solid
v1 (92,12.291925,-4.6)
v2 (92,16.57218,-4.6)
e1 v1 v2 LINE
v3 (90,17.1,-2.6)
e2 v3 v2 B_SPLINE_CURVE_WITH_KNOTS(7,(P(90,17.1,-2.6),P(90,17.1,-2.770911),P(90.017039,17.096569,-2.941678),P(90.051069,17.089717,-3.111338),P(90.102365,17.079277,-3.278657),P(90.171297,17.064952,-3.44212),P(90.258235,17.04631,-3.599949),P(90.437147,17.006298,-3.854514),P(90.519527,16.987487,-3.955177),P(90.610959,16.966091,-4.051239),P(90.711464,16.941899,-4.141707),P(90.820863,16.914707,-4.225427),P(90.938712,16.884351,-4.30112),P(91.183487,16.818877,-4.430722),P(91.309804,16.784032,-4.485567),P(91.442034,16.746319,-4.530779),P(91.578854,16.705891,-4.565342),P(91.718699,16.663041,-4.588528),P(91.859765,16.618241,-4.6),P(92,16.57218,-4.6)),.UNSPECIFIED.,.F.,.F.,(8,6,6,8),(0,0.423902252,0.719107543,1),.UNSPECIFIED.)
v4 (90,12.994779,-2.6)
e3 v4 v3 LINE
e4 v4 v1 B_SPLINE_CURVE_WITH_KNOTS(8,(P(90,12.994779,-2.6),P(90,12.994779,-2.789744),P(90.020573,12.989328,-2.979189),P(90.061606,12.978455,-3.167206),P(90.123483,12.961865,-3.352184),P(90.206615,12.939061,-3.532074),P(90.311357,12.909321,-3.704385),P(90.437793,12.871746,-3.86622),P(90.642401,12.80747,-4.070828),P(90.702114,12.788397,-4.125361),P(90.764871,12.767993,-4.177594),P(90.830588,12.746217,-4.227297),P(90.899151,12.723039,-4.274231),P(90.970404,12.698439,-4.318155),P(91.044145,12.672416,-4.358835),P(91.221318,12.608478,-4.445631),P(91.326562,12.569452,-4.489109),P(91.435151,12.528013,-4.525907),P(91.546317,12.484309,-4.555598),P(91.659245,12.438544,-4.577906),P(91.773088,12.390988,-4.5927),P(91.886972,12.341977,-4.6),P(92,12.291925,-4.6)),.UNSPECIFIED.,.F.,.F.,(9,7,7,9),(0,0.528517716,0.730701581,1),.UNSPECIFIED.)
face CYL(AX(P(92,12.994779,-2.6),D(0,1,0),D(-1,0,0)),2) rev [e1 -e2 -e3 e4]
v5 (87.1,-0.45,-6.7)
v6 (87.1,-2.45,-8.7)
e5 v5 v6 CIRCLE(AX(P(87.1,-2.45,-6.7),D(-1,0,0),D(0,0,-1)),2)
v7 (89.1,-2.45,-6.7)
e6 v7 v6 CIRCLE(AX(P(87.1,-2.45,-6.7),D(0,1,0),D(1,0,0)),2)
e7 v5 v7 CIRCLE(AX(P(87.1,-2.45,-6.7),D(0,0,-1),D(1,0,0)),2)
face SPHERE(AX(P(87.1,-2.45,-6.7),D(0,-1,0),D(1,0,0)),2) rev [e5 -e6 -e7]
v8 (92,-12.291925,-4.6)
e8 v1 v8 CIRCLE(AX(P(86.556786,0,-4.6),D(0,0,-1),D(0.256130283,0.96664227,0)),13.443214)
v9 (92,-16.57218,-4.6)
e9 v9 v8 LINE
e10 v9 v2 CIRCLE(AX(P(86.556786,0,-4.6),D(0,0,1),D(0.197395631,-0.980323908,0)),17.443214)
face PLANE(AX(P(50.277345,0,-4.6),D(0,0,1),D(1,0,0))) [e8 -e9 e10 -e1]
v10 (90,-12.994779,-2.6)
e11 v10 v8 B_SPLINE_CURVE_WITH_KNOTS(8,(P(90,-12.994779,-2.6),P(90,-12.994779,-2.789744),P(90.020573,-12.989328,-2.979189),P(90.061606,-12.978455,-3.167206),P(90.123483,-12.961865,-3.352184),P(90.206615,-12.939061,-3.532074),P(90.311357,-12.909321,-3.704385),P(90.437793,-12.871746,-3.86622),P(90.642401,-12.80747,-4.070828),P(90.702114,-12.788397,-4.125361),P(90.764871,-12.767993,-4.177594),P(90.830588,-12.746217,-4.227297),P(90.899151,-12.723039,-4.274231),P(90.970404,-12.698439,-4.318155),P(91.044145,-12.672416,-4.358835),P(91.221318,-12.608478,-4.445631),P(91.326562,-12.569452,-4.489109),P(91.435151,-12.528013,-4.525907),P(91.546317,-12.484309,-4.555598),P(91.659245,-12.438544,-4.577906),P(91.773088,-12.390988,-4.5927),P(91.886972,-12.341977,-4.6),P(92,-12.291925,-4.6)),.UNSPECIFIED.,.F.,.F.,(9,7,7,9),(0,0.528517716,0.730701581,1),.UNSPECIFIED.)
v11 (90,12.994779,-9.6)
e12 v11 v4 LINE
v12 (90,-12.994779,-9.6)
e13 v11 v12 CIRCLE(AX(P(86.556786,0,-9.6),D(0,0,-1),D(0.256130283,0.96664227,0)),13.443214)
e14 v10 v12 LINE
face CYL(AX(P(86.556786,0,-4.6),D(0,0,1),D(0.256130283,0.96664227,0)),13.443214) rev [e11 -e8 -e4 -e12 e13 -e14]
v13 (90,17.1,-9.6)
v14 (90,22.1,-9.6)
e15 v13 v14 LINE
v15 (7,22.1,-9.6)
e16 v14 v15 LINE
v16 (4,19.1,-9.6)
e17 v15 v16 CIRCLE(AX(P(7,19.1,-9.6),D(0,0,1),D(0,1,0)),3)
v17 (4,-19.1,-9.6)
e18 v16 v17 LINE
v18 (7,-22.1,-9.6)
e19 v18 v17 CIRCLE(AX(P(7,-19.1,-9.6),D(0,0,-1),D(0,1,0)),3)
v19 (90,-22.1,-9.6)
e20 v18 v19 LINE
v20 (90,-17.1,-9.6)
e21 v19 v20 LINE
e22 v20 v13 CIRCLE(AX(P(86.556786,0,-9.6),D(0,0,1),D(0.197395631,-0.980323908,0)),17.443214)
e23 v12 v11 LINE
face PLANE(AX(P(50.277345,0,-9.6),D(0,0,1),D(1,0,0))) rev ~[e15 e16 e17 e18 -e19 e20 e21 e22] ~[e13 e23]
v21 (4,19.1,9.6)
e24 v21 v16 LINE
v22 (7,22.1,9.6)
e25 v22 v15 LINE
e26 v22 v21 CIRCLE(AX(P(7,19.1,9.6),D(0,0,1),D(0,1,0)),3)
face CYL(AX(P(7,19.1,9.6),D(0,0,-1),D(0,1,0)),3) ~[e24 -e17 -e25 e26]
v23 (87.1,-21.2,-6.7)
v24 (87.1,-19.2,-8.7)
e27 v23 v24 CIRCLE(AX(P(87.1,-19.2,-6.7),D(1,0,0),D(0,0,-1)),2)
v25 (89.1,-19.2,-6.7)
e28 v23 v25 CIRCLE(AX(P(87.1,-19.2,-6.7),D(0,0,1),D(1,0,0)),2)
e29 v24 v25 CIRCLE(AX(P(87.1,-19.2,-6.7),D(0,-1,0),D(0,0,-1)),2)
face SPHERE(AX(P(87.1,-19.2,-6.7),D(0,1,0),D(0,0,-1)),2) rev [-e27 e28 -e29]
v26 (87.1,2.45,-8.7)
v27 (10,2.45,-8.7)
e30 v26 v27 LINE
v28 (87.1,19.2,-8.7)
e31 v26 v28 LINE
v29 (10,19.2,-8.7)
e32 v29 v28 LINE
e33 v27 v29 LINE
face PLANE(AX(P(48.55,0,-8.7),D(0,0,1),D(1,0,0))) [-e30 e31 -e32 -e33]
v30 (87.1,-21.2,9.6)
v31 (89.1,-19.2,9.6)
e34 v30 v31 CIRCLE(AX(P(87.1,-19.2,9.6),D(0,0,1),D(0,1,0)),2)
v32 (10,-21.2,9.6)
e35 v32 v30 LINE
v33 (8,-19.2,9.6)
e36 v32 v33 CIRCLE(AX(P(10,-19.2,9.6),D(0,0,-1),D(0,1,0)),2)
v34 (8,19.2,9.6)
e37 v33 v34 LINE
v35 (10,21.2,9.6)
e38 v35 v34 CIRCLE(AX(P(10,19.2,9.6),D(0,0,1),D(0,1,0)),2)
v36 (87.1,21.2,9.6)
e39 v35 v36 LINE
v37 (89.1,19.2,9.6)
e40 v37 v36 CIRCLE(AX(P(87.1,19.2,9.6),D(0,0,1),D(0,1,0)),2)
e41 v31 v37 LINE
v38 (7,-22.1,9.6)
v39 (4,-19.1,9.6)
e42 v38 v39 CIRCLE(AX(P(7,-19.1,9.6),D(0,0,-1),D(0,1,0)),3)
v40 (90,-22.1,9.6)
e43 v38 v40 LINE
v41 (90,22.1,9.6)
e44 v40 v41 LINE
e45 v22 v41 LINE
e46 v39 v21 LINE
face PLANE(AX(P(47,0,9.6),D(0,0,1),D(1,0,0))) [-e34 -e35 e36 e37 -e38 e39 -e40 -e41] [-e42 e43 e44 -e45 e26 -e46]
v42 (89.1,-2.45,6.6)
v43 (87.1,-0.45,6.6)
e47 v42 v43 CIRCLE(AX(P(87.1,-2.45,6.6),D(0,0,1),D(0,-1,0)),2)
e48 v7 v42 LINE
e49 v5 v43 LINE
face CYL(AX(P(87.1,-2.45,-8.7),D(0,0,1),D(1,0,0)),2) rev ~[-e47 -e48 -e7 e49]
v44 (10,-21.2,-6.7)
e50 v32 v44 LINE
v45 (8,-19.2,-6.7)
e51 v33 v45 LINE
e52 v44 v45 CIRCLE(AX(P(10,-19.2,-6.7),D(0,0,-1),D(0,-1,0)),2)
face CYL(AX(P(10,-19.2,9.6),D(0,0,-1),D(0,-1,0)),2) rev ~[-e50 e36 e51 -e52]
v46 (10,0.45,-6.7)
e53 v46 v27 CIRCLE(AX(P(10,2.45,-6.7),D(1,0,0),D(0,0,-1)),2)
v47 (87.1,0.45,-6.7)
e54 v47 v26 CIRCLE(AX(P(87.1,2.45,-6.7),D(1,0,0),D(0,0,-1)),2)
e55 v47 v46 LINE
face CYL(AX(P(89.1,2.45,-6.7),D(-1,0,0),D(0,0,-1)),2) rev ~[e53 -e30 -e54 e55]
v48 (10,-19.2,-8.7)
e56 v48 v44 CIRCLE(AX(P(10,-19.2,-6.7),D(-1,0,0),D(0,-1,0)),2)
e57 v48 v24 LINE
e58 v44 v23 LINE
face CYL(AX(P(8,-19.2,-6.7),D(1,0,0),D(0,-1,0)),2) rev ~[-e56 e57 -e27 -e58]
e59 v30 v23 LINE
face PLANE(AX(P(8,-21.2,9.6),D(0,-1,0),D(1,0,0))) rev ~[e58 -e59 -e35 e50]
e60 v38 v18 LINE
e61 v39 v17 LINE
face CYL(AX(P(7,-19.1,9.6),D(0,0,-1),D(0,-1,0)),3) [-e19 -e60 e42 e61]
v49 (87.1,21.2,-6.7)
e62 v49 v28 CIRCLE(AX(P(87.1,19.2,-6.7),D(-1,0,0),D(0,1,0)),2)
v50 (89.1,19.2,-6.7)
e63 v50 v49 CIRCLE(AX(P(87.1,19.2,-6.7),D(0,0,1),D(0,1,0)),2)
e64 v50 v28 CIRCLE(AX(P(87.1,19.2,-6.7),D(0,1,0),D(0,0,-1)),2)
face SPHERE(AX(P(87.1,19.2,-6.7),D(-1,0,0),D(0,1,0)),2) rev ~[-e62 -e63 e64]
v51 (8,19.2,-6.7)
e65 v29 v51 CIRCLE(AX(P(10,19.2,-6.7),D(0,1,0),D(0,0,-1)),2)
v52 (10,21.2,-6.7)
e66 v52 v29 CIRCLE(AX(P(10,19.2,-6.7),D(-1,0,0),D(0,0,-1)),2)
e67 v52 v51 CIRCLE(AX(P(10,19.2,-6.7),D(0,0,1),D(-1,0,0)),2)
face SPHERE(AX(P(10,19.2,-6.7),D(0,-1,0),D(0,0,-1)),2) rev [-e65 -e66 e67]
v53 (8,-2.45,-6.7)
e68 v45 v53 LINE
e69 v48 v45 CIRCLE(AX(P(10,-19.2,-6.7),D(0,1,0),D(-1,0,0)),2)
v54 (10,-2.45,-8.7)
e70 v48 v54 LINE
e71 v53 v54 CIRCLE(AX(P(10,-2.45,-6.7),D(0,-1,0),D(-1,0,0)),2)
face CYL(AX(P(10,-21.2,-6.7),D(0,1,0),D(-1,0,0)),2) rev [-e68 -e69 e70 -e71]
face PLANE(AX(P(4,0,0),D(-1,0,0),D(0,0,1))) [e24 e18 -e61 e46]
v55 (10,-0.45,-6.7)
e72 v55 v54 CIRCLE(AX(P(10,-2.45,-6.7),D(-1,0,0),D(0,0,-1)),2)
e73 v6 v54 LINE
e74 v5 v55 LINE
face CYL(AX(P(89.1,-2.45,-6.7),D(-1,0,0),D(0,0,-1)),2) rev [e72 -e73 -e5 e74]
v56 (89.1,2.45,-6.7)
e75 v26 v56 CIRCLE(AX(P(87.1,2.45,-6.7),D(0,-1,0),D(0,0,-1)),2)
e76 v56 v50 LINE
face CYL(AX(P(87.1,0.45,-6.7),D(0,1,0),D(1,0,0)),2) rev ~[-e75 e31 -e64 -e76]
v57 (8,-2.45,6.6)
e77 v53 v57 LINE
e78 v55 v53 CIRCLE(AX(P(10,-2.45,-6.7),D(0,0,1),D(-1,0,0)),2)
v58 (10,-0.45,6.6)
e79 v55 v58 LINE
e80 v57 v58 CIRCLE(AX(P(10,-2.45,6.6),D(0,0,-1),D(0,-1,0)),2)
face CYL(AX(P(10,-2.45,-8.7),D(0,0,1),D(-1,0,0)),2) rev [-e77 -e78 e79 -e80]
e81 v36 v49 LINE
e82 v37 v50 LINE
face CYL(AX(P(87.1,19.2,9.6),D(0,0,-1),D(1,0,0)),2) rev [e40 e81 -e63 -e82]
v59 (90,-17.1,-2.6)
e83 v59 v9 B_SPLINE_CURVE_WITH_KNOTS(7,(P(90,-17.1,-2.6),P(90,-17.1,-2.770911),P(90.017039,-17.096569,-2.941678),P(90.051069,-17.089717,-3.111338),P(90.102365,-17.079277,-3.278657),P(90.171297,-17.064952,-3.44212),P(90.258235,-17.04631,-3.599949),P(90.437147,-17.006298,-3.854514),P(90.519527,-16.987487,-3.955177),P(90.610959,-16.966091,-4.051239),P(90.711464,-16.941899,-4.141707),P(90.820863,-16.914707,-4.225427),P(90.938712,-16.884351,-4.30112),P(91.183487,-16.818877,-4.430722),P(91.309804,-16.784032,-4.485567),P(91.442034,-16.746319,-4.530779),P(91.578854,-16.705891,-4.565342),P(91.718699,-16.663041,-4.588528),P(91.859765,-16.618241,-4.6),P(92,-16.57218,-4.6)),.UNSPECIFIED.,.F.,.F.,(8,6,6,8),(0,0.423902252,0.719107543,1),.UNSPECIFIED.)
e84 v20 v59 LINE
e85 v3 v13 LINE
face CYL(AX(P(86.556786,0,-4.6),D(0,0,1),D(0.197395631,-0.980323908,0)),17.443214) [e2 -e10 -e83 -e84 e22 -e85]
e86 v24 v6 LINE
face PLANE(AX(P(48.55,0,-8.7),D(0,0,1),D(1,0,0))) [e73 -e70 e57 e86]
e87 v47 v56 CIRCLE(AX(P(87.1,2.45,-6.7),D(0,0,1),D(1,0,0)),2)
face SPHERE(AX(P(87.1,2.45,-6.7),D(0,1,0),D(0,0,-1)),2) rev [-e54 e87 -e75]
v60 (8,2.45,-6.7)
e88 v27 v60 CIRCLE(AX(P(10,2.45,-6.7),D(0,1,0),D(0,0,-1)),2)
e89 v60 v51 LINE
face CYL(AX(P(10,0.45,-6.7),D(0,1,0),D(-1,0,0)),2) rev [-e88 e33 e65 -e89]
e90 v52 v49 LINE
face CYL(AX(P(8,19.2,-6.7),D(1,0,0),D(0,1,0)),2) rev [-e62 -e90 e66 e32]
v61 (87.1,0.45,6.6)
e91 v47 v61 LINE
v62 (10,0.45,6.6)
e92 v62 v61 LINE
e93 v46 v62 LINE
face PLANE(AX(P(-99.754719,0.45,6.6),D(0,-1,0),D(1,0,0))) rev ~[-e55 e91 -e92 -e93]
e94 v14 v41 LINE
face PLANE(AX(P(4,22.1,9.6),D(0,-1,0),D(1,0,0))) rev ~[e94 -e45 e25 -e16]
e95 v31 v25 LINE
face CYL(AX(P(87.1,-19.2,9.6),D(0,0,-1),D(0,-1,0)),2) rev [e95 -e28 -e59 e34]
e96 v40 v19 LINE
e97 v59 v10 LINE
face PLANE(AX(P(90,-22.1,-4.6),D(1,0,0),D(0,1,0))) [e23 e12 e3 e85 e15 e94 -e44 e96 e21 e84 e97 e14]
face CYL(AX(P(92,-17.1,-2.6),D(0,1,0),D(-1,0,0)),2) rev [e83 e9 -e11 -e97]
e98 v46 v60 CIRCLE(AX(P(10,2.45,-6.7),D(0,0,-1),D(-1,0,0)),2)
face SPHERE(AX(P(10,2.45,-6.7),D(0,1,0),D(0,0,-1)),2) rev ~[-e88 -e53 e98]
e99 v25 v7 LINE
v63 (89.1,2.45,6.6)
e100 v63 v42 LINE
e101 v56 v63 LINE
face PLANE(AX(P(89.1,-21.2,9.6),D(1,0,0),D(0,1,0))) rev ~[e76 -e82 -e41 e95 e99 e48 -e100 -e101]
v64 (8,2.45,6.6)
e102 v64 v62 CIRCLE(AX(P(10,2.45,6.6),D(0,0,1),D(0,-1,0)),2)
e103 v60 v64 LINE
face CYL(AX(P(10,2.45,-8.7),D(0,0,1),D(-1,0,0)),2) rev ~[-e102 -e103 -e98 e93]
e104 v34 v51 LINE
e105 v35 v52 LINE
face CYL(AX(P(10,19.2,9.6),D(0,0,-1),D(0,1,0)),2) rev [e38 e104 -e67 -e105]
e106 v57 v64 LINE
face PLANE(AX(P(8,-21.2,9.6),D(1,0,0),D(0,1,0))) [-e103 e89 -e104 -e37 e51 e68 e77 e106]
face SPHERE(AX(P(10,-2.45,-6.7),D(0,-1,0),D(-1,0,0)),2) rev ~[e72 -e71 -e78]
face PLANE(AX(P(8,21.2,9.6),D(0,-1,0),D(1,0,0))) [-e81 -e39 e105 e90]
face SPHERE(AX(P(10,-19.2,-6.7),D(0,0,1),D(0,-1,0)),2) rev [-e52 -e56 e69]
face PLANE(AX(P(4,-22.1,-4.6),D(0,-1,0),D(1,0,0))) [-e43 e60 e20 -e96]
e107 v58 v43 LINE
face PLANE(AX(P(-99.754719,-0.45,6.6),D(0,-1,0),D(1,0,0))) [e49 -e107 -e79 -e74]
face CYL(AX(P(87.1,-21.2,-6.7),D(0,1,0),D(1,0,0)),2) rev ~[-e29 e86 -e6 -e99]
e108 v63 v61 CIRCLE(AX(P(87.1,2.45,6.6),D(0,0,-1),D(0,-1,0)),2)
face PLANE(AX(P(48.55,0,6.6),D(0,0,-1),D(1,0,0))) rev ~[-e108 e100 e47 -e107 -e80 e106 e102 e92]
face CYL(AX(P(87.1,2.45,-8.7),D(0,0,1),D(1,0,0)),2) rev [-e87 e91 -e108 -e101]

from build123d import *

# Parameters (mm, degrees)
SKETCH_1_W                  = 86
SKETCH_1_H                  = 44.2
EXTRUDE_1_DEPTH             = 14.2
EXTRUDE_2_DEPTH             = 5
SKETCH_3_W                  = 81.1
SKETCH_3_H                  = 42.4
CUT_EXTRUDE_1_DEPTH         = 18.3
HOLE_WIZARD_8_3_8_3_1_D     = 8.3
HOLE_WIZARD_8_3_8_3_1_DEPTH = 3.2
RIB_1_REACH                 = 108.755
SKETCH_6_WALL_W             = 296.60943773
SKETCH_6_WALL_H             = 0.9
FILLET_1_R                  = 3
EXTRUDE_START               = -3.5
SKETCH_7_R                  = 4.15
EXTRUDE_3_DEPTH             = 3.5
FILLET_2_R                  = 2


with BuildPart() as part:
    # Эскиз1 → Бобышка-Вытянуть1 (new body)
    with BuildSketch(Plane.XY.offset(9.6)):
        with Locations((47, 0)):
            Rectangle(SKETCH_1_W, SKETCH_1_H)
    extrude(amount=-EXTRUDE_1_DEPTH)

    # Эскиз2 → Бобышка-Вытянуть2 (add)
    with BuildSketch(Plane(origin=(0, 0, -4.6), x_dir=(-1, 0, 0), z_dir=(0, 0, -1))):
        with BuildLine():
            Line((-90, -22.1), (-90, -17.1))
            ThreePointArc((-90, -17.1), (-104, 0), (-90, 17.1))
            Line((-90, 17.1), (-90, 22.1))
            Line((-90, 22.1), (-4, 22.1))
            Line((-4, 22.1), (-4, -22.1))
            Line((-4, -22.1), (-90, -22.1))
        make_face()
        with BuildLine():
            Line((-90, -12.994779171), (-90, 12.994779171))
            ThreePointArc((-90, 12.994779171), (-100, 0), (-90, -12.994779171))
        make_face(mode=Mode.SUBTRACT)
    extrude(amount=EXTRUDE_2_DEPTH)

    # Эскиз3 → Вырез-Вытянуть1 (cut)
    with BuildSketch(Plane.XY.offset(9.6)):
        with Locations((48.55, 0)):
            Rectangle(SKETCH_3_W, SKETCH_3_H)
    extrude(amount=-CUT_EXTRUDE_1_DEPTH, mode=Mode.SUBTRACT)

    # Диаметр отверстия Ø8.3 (8.3)1
    with Locations(Plane.ZY.offset(-4)):
        with Locations((0, 0)):
            Hole(HOLE_WIZARD_8_3_8_3_1_D / 2, depth=HOLE_WIZARD_8_3_8_3_1_DEPTH)

    # Эскиз6 wall → Ребро1 (add, up to next)
    with BuildSketch(Plane(origin=(48.55, 0, 6.6), x_dir=(1, 0, 0), z_dir=(0, 0, -1)), mode=Mode.PRIVATE) as rib_1_sk1:
        Rectangle(SKETCH_6_WALL_W, SKETCH_6_WALL_H)
    rib_1_tool1 = extrude(rib_1_sk1.sketch, amount=RIB_1_REACH, mode=Mode.PRIVATE) - part.part
    add(rib_1_tool1.solids().sort_by_distance((48.55, 0, 6.6))[0])

    # Скругление1
    fillet_1_edges = [part.edges().sort_by_distance(p)[0] for p in [
        (4, -22.1, 0),
        (4, 22.1, 0),
    ]]
    fillet(fillet_1_edges, radius=FILLET_1_R)

    # Эскиз7 → Бобышка-Вытянуть3 (add)
    with BuildSketch(Plane.ZY.offset(-4).offset(EXTRUDE_START)):
        Circle(SKETCH_7_R)
    extrude(amount=EXTRUDE_3_DEPTH)

    # Скругление2
    fillet_2_edges = [part.edges().sort_by_distance(p)[0] for p in [
        (90, -15.047389586, -4.6),
        (90, 15.047389586, -4.6),
        (8, 10.825, -8.7),
        (8, -21.2, 0.45),
        (48.55, 21.2, -8.7),
        (8, 21.2, 0.45),
        (89.1, -10.825, -8.7),
        (89.1, 21.2, 0.45),
        (48.55, -21.2, -8.7),
        (89.1, -21.2, 0.45),
        (8, -10.825, -8.7),
        (89.1, 10.825, -8.7),
        (48.55, 0.45, -8.7),
        (8, 0.45, -1.05),
        (89.1, 0.45, -1.05),
        (8, -0.45, -1.05),
        (89.1, -0.45, -1.05),
        (48.55, -0.45, -8.7),
    ]]
    fillet(fillet_2_edges, radius=FILLET_2_R)


solid = part.part
